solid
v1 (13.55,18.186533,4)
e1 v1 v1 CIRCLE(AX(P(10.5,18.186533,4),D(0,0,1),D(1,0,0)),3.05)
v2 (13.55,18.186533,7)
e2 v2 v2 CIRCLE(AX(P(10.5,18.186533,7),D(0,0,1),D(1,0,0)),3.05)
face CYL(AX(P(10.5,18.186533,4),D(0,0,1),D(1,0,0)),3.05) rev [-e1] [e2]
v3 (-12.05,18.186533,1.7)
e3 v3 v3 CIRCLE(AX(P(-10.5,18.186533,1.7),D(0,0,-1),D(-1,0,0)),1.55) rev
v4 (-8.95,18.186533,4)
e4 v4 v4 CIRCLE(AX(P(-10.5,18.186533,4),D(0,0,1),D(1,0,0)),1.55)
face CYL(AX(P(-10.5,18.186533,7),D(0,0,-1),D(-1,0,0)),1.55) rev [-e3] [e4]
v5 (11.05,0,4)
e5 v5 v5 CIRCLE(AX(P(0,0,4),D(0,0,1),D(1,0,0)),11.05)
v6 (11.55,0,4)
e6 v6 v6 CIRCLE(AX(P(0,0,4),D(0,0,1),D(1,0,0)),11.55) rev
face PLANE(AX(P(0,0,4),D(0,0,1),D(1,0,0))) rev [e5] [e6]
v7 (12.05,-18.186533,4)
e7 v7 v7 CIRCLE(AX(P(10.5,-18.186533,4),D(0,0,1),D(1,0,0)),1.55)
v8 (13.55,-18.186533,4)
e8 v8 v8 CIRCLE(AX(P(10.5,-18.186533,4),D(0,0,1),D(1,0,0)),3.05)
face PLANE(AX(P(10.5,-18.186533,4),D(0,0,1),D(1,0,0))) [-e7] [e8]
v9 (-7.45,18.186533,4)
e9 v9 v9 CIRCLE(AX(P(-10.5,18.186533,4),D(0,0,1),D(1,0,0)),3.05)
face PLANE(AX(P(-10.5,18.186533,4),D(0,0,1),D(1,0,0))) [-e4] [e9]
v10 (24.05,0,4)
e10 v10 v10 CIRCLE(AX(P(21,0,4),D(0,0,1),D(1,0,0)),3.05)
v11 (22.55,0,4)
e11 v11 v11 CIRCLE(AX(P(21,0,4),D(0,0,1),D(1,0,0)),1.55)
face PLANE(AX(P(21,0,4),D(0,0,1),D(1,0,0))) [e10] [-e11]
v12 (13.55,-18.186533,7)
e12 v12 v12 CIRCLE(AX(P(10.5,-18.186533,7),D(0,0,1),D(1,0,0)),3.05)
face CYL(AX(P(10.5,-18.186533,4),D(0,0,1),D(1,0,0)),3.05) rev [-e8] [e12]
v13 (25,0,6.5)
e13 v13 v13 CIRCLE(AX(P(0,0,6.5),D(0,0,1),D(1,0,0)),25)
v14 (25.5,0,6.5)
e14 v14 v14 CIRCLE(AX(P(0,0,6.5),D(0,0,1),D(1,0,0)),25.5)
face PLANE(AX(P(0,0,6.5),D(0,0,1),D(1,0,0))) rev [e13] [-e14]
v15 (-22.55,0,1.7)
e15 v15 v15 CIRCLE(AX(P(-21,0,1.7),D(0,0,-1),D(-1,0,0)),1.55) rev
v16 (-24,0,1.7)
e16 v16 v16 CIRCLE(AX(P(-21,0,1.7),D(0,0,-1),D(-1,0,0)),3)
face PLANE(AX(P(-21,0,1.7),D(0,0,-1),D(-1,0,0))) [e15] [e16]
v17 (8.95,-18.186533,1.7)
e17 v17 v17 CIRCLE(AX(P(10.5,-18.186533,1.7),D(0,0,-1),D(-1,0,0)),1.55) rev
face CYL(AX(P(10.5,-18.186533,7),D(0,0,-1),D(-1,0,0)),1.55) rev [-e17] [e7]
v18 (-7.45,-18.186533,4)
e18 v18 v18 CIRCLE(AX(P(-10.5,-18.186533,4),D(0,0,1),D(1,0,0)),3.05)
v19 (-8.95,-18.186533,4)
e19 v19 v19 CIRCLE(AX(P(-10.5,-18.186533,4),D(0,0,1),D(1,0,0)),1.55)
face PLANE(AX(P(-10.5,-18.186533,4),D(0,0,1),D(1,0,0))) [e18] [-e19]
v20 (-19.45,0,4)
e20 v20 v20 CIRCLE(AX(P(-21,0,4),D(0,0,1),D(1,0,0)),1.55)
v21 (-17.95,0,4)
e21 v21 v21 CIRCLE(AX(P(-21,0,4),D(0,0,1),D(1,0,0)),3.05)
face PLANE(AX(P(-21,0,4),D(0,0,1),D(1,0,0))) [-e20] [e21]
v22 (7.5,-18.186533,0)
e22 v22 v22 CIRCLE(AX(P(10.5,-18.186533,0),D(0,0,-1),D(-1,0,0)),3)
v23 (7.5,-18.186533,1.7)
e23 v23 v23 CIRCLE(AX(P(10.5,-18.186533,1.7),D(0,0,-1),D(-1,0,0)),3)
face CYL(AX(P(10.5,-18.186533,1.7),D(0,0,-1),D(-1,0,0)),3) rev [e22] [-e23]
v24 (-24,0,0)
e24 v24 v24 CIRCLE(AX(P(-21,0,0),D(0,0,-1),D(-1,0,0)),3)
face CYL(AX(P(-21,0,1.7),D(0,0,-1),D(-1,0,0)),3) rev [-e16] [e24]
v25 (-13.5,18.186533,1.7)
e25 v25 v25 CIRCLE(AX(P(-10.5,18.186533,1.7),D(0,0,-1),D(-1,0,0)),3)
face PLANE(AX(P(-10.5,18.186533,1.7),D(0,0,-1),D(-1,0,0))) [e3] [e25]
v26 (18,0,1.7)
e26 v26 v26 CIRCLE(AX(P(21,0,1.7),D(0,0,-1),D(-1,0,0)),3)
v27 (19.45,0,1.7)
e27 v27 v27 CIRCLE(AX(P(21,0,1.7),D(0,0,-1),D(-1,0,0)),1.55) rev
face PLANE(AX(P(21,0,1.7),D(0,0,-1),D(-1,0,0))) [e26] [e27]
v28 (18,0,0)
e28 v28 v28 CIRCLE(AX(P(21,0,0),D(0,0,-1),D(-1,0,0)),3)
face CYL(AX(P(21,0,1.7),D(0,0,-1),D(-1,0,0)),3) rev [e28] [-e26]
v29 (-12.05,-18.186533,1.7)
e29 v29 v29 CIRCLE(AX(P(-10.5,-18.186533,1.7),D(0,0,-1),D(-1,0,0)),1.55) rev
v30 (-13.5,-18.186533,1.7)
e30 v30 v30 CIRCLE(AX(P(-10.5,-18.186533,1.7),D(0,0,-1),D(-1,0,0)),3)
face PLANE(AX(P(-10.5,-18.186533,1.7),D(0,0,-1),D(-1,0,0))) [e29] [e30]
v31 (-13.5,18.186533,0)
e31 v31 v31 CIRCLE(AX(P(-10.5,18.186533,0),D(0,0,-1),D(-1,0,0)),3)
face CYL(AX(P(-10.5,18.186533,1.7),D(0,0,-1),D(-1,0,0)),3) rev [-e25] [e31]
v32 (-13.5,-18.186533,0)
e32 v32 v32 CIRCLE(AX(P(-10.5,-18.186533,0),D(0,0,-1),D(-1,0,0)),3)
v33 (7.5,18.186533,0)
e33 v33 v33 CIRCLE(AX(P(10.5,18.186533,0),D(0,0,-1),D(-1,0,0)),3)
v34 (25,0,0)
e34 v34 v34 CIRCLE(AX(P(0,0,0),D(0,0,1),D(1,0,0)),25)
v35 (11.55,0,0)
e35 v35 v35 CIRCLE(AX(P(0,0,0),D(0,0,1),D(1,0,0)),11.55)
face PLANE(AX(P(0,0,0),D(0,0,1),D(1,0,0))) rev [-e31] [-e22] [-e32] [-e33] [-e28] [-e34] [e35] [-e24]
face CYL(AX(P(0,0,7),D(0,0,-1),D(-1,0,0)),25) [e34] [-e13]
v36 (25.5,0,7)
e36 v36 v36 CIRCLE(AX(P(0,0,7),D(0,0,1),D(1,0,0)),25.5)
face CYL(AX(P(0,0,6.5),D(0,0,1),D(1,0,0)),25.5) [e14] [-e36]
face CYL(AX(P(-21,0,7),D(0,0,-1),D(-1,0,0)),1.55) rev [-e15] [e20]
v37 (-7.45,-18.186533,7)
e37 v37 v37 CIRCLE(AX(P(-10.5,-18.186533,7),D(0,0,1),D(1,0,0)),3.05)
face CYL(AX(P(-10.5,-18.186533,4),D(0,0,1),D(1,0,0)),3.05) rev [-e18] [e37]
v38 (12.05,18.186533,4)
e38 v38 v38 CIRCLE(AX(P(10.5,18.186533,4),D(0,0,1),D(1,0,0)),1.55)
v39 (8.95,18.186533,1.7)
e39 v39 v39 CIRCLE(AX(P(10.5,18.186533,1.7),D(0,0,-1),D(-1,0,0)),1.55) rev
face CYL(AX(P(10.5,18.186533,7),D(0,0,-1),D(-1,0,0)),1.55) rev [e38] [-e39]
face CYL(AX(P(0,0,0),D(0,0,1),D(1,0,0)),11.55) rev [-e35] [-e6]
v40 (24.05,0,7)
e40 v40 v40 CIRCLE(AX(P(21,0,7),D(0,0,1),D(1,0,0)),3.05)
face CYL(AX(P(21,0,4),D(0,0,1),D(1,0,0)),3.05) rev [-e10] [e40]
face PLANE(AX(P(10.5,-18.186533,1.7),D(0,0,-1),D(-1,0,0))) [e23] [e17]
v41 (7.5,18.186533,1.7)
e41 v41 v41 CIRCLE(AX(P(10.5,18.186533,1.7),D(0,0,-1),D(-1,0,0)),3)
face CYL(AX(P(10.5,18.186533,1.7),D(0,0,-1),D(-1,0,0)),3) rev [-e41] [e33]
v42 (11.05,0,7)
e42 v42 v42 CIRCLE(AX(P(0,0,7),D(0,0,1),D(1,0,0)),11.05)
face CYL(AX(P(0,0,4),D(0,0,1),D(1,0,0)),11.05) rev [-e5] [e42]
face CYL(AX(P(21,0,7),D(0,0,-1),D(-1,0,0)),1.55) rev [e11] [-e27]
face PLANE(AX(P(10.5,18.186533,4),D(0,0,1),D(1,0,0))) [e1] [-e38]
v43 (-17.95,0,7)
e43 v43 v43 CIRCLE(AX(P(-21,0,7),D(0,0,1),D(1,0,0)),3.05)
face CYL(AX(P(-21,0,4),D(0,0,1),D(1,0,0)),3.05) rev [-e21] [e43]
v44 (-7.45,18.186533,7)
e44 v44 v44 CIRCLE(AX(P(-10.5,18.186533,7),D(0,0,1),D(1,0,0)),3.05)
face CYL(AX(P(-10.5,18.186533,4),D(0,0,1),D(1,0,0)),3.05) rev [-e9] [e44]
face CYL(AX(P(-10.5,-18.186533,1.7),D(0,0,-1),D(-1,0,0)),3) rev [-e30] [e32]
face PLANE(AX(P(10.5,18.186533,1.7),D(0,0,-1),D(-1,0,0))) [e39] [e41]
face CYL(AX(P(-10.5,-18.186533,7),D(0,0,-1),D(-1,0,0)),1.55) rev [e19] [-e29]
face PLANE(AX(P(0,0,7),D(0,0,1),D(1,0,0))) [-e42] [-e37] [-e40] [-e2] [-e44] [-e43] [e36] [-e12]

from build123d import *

# Parameters (mm, degrees)
SKETCH2_R                           = 25
BOSS_EXTRUDE1_DEPTH                 = 7
SKETCH3_R                           = 3.05
DOWEL_PIN_CUTOUT_DEPTH              = 3
MAIN_START                          = -0.5
SKETCH4_R                           = 25.5
SKETCH4_R_2                         = 25
MAIN_HOUSING_BEARING_RETAINER_DEPTH = 0.5
SKETCH5_R                           = 1.55
M3_THRU_DEPTH                       = 37.735541373
SKETCH6_R                           = 3
M3_BUTTON_HEAD_CUTOUT_DEPTH         = 1.7
SKETCH8_R                           = 11.55
INPUT_SHAFT_BEARING_CUTOUT_DEPTH    = 37.735541373
INPUT_START                         = -7
SKETCH9_R                           = 11.55
SKETCH9_R_2                         = 11.05
INPUT_SHAFT_BEARING_RETAINER_DEPTH  = 3


with BuildPart() as part:
    # Sketch2 → Boss-Extrude1 (new body)
    with BuildSketch(Plane.XY):
        Circle(SKETCH2_R)
    extrude(amount=BOSS_EXTRUDE1_DEPTH)

    # Sketch3 → Dowel Pin Cutout (cut)
    with BuildSketch(Plane.XY.offset(7)):
        with Locations((-21, 0)):
            Circle(SKETCH3_R)
        with Locations((-10.5, 18.186533479)):
            Circle(SKETCH3_R)
        with Locations((10.5, 18.186533479)):
            Circle(SKETCH3_R)
        with Locations((21, 0)):
            Circle(SKETCH3_R)
        with Locations((10.5, -18.186533479)):
            Circle(SKETCH3_R)
        with Locations((-10.5, -18.186533479)):
            Circle(SKETCH3_R)
    extrude(amount=-DOWEL_PIN_CUTOUT_DEPTH, mode=Mode.SUBTRACT)

    # Sketch4 → Main Housing Bearing Retainer (add)
    with BuildSketch(Plane.XY.offset(7).offset(MAIN_START)):
        Circle(SKETCH4_R)
        Circle(SKETCH4_R_2, mode=Mode.SUBTRACT)
    extrude(amount=MAIN_HOUSING_BEARING_RETAINER_DEPTH)

    # Sketch5 → M3 Thru (cut, through all)
    with BuildSketch(Plane(origin=(0, 0, 0), x_dir=(-1, 0, 0), z_dir=(0, 0, -1))):
        with Locations((-21, 0)):
            Circle(SKETCH5_R)
        with Locations((-10.5, 18.186533479)):
            Circle(SKETCH5_R)
        with Locations((10.5, 18.186533479)):
            Circle(SKETCH5_R)
        with Locations((21, 0)):
            Circle(SKETCH5_R)
        with Locations((10.5, -18.186533479)):
            Circle(SKETCH5_R)
        with Locations((-10.5, -18.186533479)):
            Circle(SKETCH5_R)
    extrude(amount=-M3_THRU_DEPTH, mode=Mode.SUBTRACT)

    # Sketch6 → M3 Button Head Cutout (cut)
    with BuildSketch(Plane(origin=(0, 0, 0), x_dir=(-1, 0, 0), z_dir=(0, 0, -1))):
        with Locations((-21, 0)):
            Circle(SKETCH6_R)
        with Locations((-10.5, 18.186533479)):
            Circle(SKETCH6_R)
        with Locations((10.5, 18.186533479)):
            Circle(SKETCH6_R)
        with Locations((21, 0)):
            Circle(SKETCH6_R)
        with Locations((10.5, -18.186533479)):
            Circle(SKETCH6_R)
        with Locations((-10.5, -18.186533479)):
            Circle(SKETCH6_R)
    extrude(amount=-M3_BUTTON_HEAD_CUTOUT_DEPTH, mode=Mode.SUBTRACT)

    # Sketch8 → Input Shaft Bearing Cutout (cut, through all)
    with BuildSketch(Plane.XY.offset(7)):
        Circle(SKETCH8_R)
    extrude(amount=-INPUT_SHAFT_BEARING_CUTOUT_DEPTH, mode=Mode.SUBTRACT)

    # Sketch9 → Input Shaft Bearing Retainer (add)
    with BuildSketch(Plane(origin=(0, 0, 0), x_dir=(-1, 0, 0), z_dir=(0, 0, -1)).offset(INPUT_START)):
        with Locations(Location((0, 0, 0), (0, 0, 180))):
            Circle(SKETCH9_R)
        with Locations(Location((0, 0, 0), (0, 0, 180))):
            Circle(SKETCH9_R_2, mode=Mode.SUBTRACT)
    extrude(amount=INPUT_SHAFT_BEARING_RETAINER_DEPTH)


solid = part.part
